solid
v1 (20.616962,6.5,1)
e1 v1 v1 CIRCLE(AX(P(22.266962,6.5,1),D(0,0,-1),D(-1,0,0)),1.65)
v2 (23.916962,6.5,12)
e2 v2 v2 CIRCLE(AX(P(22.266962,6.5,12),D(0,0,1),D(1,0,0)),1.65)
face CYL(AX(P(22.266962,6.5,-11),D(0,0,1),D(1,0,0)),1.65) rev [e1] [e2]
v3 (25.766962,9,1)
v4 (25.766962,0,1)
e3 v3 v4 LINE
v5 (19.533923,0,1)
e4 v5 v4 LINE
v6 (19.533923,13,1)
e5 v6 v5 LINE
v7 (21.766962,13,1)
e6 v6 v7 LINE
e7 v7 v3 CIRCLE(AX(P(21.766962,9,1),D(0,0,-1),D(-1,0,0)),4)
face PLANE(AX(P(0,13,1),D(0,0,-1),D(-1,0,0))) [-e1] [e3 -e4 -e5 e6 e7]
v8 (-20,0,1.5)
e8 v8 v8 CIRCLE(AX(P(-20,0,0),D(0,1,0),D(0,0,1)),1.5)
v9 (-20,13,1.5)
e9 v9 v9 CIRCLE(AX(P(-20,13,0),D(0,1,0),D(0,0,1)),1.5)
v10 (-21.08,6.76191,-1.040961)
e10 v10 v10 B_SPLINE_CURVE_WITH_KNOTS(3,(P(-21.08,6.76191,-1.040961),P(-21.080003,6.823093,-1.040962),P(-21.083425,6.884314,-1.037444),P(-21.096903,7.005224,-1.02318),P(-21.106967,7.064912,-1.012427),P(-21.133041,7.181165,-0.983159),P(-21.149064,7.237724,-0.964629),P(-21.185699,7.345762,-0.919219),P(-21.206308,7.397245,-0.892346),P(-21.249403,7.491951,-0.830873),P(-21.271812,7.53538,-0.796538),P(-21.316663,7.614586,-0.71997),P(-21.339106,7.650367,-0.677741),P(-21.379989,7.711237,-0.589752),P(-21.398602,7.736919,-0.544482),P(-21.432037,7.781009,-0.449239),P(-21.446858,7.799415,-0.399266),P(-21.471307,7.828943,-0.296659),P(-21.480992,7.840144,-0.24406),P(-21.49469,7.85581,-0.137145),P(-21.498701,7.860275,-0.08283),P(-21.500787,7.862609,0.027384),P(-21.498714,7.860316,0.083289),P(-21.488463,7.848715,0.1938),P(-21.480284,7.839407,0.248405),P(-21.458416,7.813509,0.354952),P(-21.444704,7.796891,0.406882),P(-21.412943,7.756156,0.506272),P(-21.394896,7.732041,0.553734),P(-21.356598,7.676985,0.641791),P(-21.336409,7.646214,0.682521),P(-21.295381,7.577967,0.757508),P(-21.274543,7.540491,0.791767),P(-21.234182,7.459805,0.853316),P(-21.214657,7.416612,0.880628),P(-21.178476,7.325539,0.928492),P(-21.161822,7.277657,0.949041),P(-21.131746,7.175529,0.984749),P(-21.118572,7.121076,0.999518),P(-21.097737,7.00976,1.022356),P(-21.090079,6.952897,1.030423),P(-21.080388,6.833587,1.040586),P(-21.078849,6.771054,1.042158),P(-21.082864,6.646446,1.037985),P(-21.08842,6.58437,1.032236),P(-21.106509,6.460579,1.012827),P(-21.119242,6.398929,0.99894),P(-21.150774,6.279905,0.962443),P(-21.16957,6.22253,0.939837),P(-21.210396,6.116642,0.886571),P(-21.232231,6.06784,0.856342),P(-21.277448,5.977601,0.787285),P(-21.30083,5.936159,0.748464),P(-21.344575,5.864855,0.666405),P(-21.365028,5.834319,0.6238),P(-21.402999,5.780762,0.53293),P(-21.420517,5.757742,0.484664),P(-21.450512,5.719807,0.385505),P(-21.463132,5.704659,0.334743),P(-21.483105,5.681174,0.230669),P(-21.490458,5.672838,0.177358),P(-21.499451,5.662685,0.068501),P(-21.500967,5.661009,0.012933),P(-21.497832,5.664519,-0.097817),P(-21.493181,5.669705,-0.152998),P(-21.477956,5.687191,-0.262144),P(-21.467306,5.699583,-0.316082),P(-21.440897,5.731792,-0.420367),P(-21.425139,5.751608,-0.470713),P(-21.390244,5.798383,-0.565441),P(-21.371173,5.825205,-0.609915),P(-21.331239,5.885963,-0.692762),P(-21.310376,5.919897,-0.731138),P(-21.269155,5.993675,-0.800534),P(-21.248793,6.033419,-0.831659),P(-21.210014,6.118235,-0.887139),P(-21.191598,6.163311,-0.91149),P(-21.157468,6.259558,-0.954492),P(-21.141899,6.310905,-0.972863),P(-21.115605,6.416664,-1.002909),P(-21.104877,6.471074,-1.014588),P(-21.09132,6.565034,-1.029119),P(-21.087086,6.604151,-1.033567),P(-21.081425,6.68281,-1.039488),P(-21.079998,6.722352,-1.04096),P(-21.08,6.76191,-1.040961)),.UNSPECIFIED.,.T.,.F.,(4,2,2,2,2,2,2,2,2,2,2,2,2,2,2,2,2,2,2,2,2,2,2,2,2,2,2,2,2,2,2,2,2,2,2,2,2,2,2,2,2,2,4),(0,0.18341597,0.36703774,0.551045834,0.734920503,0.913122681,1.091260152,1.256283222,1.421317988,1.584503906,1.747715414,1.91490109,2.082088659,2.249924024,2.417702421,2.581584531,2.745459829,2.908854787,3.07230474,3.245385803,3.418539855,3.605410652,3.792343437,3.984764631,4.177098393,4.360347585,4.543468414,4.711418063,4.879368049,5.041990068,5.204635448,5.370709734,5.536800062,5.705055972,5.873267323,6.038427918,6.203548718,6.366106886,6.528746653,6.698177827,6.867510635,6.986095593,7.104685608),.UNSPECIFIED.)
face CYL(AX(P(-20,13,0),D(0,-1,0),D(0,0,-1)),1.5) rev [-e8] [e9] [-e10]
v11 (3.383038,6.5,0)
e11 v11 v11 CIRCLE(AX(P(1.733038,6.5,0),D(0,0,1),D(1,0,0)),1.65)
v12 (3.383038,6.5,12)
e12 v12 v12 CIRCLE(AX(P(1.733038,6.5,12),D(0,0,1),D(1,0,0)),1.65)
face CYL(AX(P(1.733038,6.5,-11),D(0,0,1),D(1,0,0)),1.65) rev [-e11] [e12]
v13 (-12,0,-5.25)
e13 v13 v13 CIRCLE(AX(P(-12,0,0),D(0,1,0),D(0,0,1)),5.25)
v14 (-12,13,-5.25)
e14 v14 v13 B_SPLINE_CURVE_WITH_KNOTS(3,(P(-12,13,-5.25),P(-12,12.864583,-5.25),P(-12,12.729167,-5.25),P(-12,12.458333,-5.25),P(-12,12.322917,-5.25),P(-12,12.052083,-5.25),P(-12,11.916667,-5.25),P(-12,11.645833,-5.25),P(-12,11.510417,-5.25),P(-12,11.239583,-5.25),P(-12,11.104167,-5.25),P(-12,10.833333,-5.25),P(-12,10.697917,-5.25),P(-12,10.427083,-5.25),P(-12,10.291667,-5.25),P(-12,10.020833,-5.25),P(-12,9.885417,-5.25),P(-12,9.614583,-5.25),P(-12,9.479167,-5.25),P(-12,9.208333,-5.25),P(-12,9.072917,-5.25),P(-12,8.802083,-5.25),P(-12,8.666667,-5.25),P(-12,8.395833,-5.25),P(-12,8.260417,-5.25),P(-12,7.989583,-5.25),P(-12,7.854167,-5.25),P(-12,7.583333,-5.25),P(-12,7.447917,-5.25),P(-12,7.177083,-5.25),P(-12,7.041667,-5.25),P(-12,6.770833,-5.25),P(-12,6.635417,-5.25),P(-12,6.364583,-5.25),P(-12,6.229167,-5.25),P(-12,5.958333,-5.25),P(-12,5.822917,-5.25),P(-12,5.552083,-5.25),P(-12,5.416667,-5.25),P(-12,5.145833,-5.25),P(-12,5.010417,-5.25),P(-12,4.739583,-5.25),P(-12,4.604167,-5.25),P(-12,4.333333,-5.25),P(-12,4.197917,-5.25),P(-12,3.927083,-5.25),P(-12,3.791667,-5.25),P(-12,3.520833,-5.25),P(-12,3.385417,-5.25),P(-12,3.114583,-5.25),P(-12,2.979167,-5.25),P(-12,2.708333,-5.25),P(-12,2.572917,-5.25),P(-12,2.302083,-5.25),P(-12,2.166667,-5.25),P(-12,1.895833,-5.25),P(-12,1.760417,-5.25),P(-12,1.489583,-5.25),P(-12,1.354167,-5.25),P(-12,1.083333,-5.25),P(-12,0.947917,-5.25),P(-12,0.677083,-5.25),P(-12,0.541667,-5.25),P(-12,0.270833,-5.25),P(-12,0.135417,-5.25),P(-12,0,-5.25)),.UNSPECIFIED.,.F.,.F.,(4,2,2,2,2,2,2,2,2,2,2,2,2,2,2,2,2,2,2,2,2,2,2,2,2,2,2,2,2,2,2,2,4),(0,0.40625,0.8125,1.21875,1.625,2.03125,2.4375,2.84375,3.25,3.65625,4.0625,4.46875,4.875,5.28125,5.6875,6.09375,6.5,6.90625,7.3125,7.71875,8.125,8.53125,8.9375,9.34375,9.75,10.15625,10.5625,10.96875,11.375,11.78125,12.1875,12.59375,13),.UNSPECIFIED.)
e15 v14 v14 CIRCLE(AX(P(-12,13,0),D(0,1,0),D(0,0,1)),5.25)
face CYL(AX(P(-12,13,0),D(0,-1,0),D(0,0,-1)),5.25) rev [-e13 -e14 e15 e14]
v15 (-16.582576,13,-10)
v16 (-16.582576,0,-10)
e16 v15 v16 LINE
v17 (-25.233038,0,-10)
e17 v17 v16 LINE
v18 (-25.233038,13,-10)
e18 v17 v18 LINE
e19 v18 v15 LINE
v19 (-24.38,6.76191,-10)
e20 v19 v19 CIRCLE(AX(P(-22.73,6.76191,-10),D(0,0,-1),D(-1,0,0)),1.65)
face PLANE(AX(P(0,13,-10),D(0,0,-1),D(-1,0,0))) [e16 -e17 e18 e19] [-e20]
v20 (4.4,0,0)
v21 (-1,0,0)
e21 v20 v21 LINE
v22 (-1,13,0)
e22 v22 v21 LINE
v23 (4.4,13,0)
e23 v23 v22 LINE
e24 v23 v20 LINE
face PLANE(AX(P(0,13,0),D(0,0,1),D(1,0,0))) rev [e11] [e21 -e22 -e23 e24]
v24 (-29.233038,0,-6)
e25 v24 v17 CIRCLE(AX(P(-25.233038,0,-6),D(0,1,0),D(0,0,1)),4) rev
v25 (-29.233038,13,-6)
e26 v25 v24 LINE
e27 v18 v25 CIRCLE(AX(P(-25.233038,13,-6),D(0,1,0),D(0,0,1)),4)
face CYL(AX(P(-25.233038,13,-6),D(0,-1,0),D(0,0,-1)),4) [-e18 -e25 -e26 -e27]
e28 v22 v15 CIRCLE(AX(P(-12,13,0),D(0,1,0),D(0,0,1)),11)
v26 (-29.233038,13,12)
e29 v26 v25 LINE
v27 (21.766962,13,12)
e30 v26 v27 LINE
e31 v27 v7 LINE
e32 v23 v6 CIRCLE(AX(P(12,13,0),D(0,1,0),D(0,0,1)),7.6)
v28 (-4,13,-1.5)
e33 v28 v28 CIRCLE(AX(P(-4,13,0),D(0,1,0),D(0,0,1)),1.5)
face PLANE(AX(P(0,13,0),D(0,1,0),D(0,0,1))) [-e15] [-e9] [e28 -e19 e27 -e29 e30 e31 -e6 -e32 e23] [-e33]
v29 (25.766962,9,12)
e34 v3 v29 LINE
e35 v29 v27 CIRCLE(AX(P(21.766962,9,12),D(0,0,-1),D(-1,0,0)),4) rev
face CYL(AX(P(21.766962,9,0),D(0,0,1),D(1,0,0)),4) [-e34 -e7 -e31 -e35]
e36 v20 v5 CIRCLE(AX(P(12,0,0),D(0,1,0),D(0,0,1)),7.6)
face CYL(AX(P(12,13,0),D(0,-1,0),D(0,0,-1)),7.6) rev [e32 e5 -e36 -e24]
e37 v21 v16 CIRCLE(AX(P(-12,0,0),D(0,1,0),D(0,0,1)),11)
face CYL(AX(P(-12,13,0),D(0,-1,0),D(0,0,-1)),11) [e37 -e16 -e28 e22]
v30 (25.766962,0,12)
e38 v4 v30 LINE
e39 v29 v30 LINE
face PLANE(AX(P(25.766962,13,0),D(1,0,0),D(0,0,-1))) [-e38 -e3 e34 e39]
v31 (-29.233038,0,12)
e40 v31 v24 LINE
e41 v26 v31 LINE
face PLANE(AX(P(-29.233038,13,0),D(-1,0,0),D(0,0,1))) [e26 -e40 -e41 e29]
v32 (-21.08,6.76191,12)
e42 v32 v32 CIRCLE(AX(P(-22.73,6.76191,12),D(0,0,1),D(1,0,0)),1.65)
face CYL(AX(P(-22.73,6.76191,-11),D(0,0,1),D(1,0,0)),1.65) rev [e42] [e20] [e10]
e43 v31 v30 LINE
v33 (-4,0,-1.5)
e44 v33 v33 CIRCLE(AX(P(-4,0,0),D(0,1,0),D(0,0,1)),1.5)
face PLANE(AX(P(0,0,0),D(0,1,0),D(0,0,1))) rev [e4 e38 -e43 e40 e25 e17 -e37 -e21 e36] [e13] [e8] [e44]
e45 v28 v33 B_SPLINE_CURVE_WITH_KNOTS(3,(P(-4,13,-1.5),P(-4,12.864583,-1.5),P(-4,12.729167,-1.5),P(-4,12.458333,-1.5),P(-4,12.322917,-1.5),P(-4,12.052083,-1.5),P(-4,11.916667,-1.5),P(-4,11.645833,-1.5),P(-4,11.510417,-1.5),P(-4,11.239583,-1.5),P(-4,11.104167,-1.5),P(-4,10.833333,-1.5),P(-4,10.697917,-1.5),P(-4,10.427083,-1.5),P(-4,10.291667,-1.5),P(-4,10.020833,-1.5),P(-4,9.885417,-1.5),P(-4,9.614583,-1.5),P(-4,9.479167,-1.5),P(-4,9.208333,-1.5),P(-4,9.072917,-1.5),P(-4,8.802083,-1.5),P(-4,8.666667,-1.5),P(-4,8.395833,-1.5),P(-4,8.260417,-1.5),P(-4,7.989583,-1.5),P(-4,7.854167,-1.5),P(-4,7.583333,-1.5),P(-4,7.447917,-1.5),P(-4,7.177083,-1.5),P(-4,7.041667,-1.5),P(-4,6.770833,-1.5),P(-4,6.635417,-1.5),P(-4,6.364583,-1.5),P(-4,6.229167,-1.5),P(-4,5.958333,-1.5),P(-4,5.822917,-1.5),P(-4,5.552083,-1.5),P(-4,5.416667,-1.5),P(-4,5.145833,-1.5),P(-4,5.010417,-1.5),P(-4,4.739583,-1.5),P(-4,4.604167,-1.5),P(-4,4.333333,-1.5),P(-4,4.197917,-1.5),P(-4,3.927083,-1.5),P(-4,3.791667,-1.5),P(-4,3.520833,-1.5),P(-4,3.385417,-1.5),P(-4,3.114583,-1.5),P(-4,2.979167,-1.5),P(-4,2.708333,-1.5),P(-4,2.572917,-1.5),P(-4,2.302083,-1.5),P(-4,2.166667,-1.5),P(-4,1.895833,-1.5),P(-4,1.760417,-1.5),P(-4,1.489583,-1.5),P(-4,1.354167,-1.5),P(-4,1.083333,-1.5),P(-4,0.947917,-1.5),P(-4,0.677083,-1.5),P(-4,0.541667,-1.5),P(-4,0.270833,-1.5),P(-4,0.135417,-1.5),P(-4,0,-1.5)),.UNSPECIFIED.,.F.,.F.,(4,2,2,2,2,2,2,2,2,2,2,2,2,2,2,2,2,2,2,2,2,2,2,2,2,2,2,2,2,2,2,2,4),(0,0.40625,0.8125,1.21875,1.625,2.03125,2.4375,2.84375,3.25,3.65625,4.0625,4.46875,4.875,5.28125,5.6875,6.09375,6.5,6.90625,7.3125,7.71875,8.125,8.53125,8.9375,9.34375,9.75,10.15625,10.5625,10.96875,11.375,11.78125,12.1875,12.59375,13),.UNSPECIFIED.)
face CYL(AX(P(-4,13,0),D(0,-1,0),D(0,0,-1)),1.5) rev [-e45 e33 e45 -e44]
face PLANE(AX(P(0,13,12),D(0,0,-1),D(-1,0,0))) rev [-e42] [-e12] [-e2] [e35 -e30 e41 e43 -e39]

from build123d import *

# Parameters (mm, degrees)
SKETCH1_R           = 1.5
SKETCH1_R_2         = 5.25
BOSS_EXTRUDE4_DEPTH = 13
FILLET2_R           = 4
FILLET3_R           = 4
SKETCH2_R           = 1.65
CUT_EXTRUDE1_DEPTH  = 40.402671632


with BuildPart() as part:
    # Sketch1 → Boss-Extrude4 (new body)
    with BuildSketch(Plane(origin=(0, 0, 0), x_dir=(1, 0, 0), z_dir=(0, 1, 0))):
        with BuildLine():
            Line((-29.23303836, -12), (25.76696164, -12))
            Line((25.76696164, -12), (25.76696164, -1))
            Line((25.76696164, -1), (19.533923281, -1))
            ThreePointArc((19.533923281, -1), (11.498909656, -7.583462828), (4.4, 0))
            Line((4.4, 0), (-1, 0))
            ThreePointArc((-1, 0), (-6.058970318, 9.257654472), (-16.582575695, 10))
            Line((-16.582575695, 10), (-29.23303836, 10))
            Line((-29.23303836, 10), (-29.23303836, -12))
        make_face()
        with Locations((-4, 0)):
            Circle(SKETCH1_R, mode=Mode.SUBTRACT)
        with Locations((-20, 0)):
            Circle(SKETCH1_R, mode=Mode.SUBTRACT)
        with Locations((-12, 0)):
            Circle(SKETCH1_R_2, mode=Mode.SUBTRACT)
    extrude(amount=BOSS_EXTRUDE4_DEPTH)

    # Fillet2
    fillet2_edges = [part.edges().sort_by_distance(p)[0] for p in [
        (25.76696164, 13, 6.5),
    ]]
    fillet(fillet2_edges, radius=FILLET2_R)

    # Fillet3
    fillet3_edges = [part.edges().sort_by_distance(p)[0] for p in [
        (-29.23303836, 6.5, -10),
    ]]
    fillet(fillet3_edges, radius=FILLET3_R)

    # Sketch2 → Cut-Extrude1 (cut, through all)
    with BuildSketch(Plane.XY.offset(12)):
        with Locations((22.26696164, 6.5)):
            Circle(SKETCH2_R)
        with Locations((1.73303836, 6.5)):
            Circle(SKETCH2_R)
        with Locations((-22.73, 6.761910465)):
            Circle(SKETCH2_R)
    extrude(amount=-CUT_EXTRUDE1_DEPTH, mode=Mode.SUBTRACT)


solid = part.part
